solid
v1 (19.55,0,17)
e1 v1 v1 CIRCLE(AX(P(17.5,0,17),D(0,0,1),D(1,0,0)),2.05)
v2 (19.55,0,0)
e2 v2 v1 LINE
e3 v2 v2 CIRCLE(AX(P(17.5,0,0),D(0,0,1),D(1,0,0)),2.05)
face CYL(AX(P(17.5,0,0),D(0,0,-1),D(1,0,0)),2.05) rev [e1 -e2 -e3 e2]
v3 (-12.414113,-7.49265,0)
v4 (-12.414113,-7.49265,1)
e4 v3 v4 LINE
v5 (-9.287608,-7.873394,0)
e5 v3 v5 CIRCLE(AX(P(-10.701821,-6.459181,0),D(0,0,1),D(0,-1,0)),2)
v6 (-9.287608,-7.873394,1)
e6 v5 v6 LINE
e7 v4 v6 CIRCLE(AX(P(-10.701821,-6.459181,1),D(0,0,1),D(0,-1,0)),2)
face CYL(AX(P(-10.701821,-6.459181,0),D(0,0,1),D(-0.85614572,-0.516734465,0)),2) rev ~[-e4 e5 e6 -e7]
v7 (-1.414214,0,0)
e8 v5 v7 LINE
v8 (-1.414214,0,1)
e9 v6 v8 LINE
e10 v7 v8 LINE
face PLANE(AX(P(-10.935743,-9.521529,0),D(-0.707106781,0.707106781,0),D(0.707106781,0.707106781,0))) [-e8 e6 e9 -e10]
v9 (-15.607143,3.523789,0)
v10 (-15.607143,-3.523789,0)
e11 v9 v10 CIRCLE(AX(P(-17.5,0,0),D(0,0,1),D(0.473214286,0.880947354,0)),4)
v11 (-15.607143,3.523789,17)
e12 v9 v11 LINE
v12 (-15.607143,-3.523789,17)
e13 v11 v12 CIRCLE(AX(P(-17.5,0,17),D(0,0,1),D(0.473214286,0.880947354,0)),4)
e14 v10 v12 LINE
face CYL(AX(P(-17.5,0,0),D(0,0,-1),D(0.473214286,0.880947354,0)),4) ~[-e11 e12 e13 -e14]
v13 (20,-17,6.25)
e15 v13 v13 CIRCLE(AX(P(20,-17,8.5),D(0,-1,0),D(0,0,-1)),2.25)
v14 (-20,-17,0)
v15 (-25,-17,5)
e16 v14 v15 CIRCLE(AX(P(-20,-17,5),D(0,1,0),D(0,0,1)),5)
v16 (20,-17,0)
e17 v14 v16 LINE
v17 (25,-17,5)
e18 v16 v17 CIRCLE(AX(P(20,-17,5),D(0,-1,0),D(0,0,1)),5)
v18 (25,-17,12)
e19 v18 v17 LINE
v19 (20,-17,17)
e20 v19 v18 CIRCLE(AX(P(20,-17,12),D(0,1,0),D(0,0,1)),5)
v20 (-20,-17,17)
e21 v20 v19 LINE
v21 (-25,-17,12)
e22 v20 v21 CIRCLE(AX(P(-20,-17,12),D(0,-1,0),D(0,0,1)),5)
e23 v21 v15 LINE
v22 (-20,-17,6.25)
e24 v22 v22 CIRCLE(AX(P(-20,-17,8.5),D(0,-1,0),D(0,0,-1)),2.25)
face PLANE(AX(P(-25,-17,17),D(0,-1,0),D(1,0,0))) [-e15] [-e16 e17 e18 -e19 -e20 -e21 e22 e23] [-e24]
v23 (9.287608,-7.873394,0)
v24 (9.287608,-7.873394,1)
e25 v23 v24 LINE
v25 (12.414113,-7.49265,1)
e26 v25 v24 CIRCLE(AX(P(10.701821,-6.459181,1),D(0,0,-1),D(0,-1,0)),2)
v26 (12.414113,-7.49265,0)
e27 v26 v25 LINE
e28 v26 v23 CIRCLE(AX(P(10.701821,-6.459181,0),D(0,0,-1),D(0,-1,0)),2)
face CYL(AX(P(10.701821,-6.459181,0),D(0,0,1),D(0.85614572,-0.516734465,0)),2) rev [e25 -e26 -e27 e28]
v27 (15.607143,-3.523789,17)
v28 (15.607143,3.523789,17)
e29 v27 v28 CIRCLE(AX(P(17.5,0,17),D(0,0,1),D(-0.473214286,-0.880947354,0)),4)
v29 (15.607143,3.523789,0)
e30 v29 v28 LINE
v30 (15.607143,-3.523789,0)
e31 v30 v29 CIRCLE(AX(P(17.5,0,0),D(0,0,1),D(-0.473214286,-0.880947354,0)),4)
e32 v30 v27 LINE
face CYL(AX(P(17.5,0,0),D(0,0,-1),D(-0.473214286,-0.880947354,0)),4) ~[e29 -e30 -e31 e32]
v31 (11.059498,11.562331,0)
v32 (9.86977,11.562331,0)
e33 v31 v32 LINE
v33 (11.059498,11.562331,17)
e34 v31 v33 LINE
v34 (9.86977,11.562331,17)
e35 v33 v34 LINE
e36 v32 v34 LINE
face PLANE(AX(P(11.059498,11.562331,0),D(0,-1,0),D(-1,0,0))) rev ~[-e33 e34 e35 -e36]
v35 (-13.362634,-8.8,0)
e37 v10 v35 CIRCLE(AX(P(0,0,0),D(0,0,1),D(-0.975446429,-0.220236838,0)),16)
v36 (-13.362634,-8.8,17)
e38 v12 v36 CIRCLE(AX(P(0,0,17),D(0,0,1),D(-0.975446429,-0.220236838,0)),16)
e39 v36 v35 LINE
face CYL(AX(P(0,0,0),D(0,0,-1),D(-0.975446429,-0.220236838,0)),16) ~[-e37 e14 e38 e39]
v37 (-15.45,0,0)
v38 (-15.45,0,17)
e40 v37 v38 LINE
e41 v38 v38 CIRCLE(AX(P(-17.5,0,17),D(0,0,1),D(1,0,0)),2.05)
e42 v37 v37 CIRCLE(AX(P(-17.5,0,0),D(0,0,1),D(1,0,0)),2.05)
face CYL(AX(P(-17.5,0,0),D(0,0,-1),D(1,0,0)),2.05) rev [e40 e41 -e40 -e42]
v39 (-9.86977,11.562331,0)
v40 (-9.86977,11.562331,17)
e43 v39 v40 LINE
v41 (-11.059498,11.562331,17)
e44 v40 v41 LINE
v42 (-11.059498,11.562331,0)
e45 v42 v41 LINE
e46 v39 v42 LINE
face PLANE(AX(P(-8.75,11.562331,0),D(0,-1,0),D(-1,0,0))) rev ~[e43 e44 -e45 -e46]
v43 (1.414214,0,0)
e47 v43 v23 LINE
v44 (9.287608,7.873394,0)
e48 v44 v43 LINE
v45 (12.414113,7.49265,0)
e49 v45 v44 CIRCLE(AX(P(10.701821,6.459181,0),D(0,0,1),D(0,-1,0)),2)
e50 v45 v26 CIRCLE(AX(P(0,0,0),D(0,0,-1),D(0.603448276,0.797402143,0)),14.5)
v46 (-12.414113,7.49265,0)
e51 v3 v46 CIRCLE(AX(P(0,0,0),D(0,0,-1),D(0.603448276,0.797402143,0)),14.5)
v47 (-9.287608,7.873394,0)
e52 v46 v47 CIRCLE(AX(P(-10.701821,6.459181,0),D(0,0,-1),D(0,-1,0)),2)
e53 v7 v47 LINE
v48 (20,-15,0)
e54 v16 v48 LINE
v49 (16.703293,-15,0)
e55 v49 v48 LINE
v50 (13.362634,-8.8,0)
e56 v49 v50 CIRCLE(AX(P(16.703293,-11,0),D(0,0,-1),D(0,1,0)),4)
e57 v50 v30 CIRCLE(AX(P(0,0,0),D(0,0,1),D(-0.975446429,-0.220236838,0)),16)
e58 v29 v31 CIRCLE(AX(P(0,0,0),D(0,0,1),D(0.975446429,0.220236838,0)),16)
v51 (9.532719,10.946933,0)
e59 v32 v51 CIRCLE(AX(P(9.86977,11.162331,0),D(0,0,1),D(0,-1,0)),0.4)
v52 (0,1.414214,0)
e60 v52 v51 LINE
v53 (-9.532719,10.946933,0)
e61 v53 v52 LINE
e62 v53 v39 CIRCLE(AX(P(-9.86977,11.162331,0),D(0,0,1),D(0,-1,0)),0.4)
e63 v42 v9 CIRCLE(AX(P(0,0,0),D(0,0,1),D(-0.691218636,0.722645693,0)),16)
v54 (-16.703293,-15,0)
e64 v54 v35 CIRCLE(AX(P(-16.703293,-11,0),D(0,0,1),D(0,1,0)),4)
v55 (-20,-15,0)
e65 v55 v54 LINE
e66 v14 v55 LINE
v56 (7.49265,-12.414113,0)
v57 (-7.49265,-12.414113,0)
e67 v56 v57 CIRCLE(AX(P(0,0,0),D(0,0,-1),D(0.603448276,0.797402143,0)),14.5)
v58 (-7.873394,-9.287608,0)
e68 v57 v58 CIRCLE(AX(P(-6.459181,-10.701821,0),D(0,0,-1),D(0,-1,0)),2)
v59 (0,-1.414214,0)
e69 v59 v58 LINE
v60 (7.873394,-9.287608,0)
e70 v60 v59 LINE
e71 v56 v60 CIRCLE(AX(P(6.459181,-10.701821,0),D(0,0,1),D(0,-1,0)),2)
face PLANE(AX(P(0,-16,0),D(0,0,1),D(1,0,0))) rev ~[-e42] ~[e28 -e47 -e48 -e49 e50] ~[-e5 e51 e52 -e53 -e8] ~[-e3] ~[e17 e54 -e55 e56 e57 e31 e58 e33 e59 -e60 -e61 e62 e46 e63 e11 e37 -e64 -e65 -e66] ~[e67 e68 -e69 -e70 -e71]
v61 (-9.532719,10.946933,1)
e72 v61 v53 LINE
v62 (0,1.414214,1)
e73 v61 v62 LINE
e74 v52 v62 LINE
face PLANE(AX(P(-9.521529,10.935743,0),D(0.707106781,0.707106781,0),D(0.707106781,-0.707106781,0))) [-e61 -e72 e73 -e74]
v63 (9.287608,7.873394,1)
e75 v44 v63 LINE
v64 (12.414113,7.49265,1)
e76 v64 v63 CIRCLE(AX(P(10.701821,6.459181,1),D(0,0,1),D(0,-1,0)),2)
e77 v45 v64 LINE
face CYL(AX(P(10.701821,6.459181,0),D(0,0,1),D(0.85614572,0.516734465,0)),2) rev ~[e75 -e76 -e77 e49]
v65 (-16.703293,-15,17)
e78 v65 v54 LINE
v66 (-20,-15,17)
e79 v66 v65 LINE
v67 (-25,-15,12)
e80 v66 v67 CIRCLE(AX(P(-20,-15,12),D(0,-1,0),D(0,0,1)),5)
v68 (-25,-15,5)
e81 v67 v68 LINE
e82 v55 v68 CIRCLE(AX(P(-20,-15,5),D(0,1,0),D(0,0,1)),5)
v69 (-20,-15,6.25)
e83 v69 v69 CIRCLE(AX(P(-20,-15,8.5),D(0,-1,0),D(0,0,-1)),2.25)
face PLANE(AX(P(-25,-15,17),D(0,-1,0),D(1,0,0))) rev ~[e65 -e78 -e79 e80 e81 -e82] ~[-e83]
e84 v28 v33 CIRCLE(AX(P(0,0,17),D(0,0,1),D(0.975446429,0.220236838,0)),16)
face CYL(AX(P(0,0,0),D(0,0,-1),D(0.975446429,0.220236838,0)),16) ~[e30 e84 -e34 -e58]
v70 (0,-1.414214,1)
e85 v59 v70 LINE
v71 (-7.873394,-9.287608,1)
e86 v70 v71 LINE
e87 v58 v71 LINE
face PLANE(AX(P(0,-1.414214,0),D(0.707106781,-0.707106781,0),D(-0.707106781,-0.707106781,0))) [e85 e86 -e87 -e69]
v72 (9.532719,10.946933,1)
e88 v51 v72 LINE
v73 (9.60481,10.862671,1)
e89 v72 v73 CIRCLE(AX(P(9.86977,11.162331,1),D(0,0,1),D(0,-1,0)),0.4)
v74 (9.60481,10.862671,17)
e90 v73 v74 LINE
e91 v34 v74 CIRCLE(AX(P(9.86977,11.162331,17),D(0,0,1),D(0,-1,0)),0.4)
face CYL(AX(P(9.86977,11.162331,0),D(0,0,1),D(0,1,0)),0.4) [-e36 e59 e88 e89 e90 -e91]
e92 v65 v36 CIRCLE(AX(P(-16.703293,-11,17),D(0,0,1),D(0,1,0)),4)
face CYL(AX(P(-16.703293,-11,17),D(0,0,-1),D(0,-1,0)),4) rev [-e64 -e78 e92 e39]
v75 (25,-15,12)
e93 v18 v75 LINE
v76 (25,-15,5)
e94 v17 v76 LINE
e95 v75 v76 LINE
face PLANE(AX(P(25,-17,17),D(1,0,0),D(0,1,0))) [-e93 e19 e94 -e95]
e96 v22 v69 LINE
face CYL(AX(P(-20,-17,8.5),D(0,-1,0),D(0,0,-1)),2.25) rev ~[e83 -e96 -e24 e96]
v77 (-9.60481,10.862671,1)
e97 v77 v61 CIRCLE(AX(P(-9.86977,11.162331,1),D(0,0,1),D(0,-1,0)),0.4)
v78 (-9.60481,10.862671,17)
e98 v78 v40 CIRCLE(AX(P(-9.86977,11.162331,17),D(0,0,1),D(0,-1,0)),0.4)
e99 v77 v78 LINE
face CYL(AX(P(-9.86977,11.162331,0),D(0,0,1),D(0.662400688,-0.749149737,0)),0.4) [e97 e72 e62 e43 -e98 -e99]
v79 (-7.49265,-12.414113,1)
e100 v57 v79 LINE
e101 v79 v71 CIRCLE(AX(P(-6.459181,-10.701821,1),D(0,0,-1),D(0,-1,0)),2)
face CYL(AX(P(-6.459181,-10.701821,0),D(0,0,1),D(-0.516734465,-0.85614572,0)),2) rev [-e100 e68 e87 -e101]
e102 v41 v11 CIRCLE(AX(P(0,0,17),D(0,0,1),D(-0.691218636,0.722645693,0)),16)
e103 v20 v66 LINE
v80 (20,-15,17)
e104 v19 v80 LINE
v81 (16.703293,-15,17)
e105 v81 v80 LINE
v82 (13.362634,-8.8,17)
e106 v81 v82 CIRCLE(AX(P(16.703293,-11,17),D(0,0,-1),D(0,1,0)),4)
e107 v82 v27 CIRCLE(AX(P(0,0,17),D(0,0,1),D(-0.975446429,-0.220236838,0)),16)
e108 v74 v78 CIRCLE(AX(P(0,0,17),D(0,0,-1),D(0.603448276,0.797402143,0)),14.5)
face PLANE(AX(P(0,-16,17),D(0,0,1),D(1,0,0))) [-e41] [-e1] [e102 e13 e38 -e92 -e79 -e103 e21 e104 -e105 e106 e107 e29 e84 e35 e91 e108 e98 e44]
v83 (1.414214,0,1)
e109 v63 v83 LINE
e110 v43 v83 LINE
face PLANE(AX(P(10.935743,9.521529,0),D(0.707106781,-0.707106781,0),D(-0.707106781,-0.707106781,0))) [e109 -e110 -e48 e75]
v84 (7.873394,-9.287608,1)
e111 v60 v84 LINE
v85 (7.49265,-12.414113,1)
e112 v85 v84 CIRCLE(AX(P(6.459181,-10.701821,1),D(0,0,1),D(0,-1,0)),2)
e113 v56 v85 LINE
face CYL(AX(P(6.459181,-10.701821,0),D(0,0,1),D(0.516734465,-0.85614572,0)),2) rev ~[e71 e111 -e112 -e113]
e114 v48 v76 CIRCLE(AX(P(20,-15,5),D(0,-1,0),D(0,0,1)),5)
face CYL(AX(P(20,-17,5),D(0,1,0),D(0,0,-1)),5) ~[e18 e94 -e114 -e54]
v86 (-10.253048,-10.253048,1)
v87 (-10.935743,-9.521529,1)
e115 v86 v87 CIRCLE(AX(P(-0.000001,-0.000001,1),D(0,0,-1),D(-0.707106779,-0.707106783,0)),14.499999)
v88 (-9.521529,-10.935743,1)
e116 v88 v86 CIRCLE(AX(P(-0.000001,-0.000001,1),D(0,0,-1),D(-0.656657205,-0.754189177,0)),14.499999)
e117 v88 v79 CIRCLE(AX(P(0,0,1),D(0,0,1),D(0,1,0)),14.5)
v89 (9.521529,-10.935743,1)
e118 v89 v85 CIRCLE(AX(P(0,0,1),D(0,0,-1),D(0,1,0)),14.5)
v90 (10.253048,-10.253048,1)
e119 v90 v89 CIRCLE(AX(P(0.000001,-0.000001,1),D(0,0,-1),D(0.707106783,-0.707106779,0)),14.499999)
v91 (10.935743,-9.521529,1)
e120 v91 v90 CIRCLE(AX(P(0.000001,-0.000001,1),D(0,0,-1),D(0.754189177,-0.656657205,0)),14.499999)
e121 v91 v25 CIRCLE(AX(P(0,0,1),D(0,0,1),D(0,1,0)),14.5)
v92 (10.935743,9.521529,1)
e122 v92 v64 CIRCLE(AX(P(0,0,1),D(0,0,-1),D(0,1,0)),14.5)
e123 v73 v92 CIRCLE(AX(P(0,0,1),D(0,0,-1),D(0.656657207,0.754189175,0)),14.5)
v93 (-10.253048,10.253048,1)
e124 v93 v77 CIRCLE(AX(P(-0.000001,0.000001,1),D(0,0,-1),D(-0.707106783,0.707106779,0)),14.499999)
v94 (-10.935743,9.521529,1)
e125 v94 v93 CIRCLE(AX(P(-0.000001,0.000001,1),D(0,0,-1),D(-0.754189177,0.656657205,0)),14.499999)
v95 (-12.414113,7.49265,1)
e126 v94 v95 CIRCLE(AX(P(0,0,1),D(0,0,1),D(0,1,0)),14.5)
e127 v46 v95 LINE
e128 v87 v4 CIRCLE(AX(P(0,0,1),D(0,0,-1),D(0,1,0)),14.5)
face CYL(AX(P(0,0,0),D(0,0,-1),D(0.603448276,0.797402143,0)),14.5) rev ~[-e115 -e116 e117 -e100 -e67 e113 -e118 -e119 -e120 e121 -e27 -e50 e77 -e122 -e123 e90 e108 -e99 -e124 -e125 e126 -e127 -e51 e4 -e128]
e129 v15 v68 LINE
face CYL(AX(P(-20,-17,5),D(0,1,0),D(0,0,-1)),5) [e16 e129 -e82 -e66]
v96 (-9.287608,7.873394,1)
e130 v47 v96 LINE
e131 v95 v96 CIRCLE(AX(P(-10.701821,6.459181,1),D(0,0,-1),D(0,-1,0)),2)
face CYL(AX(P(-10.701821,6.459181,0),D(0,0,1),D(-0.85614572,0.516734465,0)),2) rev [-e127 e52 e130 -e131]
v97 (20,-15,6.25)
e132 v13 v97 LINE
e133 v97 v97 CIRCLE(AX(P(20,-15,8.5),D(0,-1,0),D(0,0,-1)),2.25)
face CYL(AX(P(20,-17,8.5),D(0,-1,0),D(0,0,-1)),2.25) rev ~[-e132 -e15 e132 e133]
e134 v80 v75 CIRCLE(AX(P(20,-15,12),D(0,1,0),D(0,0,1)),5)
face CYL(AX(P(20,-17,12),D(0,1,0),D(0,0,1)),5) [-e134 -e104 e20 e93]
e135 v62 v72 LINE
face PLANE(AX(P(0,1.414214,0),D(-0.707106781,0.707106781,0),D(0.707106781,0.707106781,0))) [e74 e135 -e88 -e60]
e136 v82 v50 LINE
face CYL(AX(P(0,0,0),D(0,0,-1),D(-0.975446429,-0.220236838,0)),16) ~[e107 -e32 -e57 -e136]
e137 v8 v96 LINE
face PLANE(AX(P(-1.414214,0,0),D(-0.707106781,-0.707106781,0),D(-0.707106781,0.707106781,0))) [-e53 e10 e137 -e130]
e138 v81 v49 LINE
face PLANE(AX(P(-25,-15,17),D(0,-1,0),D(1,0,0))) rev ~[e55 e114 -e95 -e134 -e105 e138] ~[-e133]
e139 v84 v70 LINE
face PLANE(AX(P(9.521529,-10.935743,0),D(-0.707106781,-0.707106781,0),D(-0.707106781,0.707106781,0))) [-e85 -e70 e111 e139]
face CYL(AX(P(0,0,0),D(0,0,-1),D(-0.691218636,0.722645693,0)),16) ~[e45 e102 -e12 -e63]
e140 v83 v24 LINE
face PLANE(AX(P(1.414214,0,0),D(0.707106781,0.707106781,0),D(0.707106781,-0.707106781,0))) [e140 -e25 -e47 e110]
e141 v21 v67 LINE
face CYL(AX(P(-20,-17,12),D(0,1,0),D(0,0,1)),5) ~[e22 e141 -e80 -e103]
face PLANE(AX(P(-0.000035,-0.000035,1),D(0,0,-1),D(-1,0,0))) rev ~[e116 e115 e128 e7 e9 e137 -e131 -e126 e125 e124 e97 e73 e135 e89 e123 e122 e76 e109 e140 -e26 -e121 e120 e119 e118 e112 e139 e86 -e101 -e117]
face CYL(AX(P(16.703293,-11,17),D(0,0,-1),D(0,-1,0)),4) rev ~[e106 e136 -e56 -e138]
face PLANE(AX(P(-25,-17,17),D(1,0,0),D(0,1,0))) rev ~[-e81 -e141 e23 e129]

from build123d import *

# Parameters (mm, degrees)
ESQUISSE1_R             = 2.05
BOSS_EXTRU_2_DEPTH      = 17
ESQUISSE2_W             = 50
ESQUISSE2_H             = 2
BOSS_EXTRU_3_DEPTH      = 17
CONG_2_R                = 4
BOSS_EXTRU_4_DEPTH      = 1
CONG_3_R                = 0.4
CONG_4_R                = 2
ESQUISSE5_R             = 2.25
ENL_V_MAT_EXTRU_1_DEPTH = 2
CONG_5_R                = 5


with BuildPart() as part:
    # Esquisse1 → Boss.-Extru.2 (new body)
    with BuildSketch(Plane.XY):
        with BuildLine():
            Line((-8.75, 11.56233108), (-11.05949818, 11.56233108))
            ThreePointArc((-11.05949818, 11.56233108), (-13.925946075, 7.87832634), (-15.607142857, 3.523789414))
            ThreePointArc((-15.607142857, 3.523789414), (-21.5, 0), (-15.607142857, -3.523789414))
            ThreePointArc((-15.607142857, -3.523789414), (0, -16), (15.607142857, -3.523789414))
            ThreePointArc((15.607142857, -3.523789414), (21.5, 0), (15.607142857, 3.523789414))
            ThreePointArc((15.607142857, 3.523789414), (13.925946075, 7.87832634), (11.05949818, 11.56233108))
            Line((11.05949818, 11.56233108), (8.75, 11.56233108))
            ThreePointArc((8.75, 11.56233108), (0, -14.5), (-8.75, 11.56233108))
        make_face()
        with Locations((-17.5, 0)):
            Circle(ESQUISSE1_R, mode=Mode.SUBTRACT)
        with Locations((17.5, 0)):
            Circle(ESQUISSE1_R, mode=Mode.SUBTRACT)
    extrude(amount=BOSS_EXTRU_2_DEPTH)

    # Esquisse2 → Boss.-Extru.3 (add)
    with BuildSketch(Plane.XY.offset(17)):
        with Locations((0, -16)):
            Rectangle(ESQUISSE2_W, ESQUISSE2_H)
    extrude(amount=-BOSS_EXTRU_3_DEPTH)

    # Congé2
    cong_2_edges = [part.edges().sort_by_distance(p)[0] for p in [
        (5.567764363, -15, 8.5),
        (-5.567764363, -15, 8.5),
    ]]
    fillet(cong_2_edges, radius=CONG_2_R)

    # Esquisse4 → Boss.-Extru.4 (add)
    with BuildSketch(Plane(origin=(0, 0, 0), x_dir=(-1, 0, 0), z_dir=(0, 0, -1))):
        with BuildLine():
            Line((-1.414213562, 0), (-10.935743054, -9.521529492))
            ThreePointArc((-10.935743054, -9.521529492), (-10.600707524, -9.893179469), (-10.253048327, -10.253048327))
            ThreePointArc((-10.253048327, -10.253048327), (-9.893179469, -10.600707524), (-9.521529492, -10.935743054))
            Line((-9.521529492, -10.935743054), (0, -1.414213562))
            Line((0, -1.414213562), (9.521529492, -10.935743054))
            ThreePointArc((9.521529492, -10.935743054), (9.893179469, -10.600707524), (10.253048327, -10.253048327))
            ThreePointArc((10.253048327, -10.253048327), (10.600707524, -9.893179469), (10.935743054, -9.521529492))
            Line((10.935743054, -9.521529492), (1.414213562, 0))
            Line((1.414213562, 0), (10.935743054, 9.521529492))
            ThreePointArc((10.935743054, 9.521529492), (10.600707524, 9.893179469), (10.253048327, 10.253048327))
            ThreePointArc((10.253048327, 10.253048327), (9.893179469, 10.600707524), (9.521529492, 10.935743054))
            Line((9.521529492, 10.935743054), (0, 1.414213562))
            Line((0, 1.414213562), (-9.521529492, 10.935743054))
            ThreePointArc((-9.521529492, 10.935743054), (-10.253048327, 10.253048327), (-10.935743054, 9.521529492))
            Line((-10.935743054, 9.521529492), (-1.414213562, 0))
        make_face()
    extrude(amount=-BOSS_EXTRU_4_DEPTH)

    # Congé3
    cong_3_edges = [part.edges().sort_by_distance(p)[0] for p in [
        (-8.75, 11.56233108, 8.5),
        (8.75, 11.56233108, 8.5),
    ]]
    fillet(cong_3_edges, radius=CONG_3_R)

    # Congé4
    cong_4_edges = [part.edges().sort_by_distance(p)[0] for p in [
        (-10.935743054, -9.521529492, 0.5),
        (-9.521529492, -10.935743054, 0.5),
        (9.521529492, -10.935743054, 0.5),
        (10.935743054, -9.521529492, 0.5),
        (10.935743054, 9.521529492, 0.5),
        (-10.935743054, 9.521529492, 0.5),
    ]]
    fillet(cong_4_edges, radius=CONG_4_R)

    # Esquisse5 → Enlèv. mat.-Extru.1 (cut)
    with BuildSketch(Plane.XZ.offset(17)):
        with Locations(Location((-20, 8.5, 0), (0, 0, 270))):
            Circle(ESQUISSE5_R)
        with Locations(Location((20, 8.5, 0), (0, 0, 270))):
            Circle(ESQUISSE5_R)
    extrude(amount=-ENL_V_MAT_EXTRU_1_DEPTH, mode=Mode.SUBTRACT)

    # Congé5
    cong_5_edges = [part.edges().sort_by_distance(p)[0] for p in [
        (-25, -16, 17),
        (25, -16, 17),
        (-25, -16, 0),
        (25, -16, 0),
    ]]
    fillet(cong_5_edges, radius=CONG_5_R)


solid = part.part
